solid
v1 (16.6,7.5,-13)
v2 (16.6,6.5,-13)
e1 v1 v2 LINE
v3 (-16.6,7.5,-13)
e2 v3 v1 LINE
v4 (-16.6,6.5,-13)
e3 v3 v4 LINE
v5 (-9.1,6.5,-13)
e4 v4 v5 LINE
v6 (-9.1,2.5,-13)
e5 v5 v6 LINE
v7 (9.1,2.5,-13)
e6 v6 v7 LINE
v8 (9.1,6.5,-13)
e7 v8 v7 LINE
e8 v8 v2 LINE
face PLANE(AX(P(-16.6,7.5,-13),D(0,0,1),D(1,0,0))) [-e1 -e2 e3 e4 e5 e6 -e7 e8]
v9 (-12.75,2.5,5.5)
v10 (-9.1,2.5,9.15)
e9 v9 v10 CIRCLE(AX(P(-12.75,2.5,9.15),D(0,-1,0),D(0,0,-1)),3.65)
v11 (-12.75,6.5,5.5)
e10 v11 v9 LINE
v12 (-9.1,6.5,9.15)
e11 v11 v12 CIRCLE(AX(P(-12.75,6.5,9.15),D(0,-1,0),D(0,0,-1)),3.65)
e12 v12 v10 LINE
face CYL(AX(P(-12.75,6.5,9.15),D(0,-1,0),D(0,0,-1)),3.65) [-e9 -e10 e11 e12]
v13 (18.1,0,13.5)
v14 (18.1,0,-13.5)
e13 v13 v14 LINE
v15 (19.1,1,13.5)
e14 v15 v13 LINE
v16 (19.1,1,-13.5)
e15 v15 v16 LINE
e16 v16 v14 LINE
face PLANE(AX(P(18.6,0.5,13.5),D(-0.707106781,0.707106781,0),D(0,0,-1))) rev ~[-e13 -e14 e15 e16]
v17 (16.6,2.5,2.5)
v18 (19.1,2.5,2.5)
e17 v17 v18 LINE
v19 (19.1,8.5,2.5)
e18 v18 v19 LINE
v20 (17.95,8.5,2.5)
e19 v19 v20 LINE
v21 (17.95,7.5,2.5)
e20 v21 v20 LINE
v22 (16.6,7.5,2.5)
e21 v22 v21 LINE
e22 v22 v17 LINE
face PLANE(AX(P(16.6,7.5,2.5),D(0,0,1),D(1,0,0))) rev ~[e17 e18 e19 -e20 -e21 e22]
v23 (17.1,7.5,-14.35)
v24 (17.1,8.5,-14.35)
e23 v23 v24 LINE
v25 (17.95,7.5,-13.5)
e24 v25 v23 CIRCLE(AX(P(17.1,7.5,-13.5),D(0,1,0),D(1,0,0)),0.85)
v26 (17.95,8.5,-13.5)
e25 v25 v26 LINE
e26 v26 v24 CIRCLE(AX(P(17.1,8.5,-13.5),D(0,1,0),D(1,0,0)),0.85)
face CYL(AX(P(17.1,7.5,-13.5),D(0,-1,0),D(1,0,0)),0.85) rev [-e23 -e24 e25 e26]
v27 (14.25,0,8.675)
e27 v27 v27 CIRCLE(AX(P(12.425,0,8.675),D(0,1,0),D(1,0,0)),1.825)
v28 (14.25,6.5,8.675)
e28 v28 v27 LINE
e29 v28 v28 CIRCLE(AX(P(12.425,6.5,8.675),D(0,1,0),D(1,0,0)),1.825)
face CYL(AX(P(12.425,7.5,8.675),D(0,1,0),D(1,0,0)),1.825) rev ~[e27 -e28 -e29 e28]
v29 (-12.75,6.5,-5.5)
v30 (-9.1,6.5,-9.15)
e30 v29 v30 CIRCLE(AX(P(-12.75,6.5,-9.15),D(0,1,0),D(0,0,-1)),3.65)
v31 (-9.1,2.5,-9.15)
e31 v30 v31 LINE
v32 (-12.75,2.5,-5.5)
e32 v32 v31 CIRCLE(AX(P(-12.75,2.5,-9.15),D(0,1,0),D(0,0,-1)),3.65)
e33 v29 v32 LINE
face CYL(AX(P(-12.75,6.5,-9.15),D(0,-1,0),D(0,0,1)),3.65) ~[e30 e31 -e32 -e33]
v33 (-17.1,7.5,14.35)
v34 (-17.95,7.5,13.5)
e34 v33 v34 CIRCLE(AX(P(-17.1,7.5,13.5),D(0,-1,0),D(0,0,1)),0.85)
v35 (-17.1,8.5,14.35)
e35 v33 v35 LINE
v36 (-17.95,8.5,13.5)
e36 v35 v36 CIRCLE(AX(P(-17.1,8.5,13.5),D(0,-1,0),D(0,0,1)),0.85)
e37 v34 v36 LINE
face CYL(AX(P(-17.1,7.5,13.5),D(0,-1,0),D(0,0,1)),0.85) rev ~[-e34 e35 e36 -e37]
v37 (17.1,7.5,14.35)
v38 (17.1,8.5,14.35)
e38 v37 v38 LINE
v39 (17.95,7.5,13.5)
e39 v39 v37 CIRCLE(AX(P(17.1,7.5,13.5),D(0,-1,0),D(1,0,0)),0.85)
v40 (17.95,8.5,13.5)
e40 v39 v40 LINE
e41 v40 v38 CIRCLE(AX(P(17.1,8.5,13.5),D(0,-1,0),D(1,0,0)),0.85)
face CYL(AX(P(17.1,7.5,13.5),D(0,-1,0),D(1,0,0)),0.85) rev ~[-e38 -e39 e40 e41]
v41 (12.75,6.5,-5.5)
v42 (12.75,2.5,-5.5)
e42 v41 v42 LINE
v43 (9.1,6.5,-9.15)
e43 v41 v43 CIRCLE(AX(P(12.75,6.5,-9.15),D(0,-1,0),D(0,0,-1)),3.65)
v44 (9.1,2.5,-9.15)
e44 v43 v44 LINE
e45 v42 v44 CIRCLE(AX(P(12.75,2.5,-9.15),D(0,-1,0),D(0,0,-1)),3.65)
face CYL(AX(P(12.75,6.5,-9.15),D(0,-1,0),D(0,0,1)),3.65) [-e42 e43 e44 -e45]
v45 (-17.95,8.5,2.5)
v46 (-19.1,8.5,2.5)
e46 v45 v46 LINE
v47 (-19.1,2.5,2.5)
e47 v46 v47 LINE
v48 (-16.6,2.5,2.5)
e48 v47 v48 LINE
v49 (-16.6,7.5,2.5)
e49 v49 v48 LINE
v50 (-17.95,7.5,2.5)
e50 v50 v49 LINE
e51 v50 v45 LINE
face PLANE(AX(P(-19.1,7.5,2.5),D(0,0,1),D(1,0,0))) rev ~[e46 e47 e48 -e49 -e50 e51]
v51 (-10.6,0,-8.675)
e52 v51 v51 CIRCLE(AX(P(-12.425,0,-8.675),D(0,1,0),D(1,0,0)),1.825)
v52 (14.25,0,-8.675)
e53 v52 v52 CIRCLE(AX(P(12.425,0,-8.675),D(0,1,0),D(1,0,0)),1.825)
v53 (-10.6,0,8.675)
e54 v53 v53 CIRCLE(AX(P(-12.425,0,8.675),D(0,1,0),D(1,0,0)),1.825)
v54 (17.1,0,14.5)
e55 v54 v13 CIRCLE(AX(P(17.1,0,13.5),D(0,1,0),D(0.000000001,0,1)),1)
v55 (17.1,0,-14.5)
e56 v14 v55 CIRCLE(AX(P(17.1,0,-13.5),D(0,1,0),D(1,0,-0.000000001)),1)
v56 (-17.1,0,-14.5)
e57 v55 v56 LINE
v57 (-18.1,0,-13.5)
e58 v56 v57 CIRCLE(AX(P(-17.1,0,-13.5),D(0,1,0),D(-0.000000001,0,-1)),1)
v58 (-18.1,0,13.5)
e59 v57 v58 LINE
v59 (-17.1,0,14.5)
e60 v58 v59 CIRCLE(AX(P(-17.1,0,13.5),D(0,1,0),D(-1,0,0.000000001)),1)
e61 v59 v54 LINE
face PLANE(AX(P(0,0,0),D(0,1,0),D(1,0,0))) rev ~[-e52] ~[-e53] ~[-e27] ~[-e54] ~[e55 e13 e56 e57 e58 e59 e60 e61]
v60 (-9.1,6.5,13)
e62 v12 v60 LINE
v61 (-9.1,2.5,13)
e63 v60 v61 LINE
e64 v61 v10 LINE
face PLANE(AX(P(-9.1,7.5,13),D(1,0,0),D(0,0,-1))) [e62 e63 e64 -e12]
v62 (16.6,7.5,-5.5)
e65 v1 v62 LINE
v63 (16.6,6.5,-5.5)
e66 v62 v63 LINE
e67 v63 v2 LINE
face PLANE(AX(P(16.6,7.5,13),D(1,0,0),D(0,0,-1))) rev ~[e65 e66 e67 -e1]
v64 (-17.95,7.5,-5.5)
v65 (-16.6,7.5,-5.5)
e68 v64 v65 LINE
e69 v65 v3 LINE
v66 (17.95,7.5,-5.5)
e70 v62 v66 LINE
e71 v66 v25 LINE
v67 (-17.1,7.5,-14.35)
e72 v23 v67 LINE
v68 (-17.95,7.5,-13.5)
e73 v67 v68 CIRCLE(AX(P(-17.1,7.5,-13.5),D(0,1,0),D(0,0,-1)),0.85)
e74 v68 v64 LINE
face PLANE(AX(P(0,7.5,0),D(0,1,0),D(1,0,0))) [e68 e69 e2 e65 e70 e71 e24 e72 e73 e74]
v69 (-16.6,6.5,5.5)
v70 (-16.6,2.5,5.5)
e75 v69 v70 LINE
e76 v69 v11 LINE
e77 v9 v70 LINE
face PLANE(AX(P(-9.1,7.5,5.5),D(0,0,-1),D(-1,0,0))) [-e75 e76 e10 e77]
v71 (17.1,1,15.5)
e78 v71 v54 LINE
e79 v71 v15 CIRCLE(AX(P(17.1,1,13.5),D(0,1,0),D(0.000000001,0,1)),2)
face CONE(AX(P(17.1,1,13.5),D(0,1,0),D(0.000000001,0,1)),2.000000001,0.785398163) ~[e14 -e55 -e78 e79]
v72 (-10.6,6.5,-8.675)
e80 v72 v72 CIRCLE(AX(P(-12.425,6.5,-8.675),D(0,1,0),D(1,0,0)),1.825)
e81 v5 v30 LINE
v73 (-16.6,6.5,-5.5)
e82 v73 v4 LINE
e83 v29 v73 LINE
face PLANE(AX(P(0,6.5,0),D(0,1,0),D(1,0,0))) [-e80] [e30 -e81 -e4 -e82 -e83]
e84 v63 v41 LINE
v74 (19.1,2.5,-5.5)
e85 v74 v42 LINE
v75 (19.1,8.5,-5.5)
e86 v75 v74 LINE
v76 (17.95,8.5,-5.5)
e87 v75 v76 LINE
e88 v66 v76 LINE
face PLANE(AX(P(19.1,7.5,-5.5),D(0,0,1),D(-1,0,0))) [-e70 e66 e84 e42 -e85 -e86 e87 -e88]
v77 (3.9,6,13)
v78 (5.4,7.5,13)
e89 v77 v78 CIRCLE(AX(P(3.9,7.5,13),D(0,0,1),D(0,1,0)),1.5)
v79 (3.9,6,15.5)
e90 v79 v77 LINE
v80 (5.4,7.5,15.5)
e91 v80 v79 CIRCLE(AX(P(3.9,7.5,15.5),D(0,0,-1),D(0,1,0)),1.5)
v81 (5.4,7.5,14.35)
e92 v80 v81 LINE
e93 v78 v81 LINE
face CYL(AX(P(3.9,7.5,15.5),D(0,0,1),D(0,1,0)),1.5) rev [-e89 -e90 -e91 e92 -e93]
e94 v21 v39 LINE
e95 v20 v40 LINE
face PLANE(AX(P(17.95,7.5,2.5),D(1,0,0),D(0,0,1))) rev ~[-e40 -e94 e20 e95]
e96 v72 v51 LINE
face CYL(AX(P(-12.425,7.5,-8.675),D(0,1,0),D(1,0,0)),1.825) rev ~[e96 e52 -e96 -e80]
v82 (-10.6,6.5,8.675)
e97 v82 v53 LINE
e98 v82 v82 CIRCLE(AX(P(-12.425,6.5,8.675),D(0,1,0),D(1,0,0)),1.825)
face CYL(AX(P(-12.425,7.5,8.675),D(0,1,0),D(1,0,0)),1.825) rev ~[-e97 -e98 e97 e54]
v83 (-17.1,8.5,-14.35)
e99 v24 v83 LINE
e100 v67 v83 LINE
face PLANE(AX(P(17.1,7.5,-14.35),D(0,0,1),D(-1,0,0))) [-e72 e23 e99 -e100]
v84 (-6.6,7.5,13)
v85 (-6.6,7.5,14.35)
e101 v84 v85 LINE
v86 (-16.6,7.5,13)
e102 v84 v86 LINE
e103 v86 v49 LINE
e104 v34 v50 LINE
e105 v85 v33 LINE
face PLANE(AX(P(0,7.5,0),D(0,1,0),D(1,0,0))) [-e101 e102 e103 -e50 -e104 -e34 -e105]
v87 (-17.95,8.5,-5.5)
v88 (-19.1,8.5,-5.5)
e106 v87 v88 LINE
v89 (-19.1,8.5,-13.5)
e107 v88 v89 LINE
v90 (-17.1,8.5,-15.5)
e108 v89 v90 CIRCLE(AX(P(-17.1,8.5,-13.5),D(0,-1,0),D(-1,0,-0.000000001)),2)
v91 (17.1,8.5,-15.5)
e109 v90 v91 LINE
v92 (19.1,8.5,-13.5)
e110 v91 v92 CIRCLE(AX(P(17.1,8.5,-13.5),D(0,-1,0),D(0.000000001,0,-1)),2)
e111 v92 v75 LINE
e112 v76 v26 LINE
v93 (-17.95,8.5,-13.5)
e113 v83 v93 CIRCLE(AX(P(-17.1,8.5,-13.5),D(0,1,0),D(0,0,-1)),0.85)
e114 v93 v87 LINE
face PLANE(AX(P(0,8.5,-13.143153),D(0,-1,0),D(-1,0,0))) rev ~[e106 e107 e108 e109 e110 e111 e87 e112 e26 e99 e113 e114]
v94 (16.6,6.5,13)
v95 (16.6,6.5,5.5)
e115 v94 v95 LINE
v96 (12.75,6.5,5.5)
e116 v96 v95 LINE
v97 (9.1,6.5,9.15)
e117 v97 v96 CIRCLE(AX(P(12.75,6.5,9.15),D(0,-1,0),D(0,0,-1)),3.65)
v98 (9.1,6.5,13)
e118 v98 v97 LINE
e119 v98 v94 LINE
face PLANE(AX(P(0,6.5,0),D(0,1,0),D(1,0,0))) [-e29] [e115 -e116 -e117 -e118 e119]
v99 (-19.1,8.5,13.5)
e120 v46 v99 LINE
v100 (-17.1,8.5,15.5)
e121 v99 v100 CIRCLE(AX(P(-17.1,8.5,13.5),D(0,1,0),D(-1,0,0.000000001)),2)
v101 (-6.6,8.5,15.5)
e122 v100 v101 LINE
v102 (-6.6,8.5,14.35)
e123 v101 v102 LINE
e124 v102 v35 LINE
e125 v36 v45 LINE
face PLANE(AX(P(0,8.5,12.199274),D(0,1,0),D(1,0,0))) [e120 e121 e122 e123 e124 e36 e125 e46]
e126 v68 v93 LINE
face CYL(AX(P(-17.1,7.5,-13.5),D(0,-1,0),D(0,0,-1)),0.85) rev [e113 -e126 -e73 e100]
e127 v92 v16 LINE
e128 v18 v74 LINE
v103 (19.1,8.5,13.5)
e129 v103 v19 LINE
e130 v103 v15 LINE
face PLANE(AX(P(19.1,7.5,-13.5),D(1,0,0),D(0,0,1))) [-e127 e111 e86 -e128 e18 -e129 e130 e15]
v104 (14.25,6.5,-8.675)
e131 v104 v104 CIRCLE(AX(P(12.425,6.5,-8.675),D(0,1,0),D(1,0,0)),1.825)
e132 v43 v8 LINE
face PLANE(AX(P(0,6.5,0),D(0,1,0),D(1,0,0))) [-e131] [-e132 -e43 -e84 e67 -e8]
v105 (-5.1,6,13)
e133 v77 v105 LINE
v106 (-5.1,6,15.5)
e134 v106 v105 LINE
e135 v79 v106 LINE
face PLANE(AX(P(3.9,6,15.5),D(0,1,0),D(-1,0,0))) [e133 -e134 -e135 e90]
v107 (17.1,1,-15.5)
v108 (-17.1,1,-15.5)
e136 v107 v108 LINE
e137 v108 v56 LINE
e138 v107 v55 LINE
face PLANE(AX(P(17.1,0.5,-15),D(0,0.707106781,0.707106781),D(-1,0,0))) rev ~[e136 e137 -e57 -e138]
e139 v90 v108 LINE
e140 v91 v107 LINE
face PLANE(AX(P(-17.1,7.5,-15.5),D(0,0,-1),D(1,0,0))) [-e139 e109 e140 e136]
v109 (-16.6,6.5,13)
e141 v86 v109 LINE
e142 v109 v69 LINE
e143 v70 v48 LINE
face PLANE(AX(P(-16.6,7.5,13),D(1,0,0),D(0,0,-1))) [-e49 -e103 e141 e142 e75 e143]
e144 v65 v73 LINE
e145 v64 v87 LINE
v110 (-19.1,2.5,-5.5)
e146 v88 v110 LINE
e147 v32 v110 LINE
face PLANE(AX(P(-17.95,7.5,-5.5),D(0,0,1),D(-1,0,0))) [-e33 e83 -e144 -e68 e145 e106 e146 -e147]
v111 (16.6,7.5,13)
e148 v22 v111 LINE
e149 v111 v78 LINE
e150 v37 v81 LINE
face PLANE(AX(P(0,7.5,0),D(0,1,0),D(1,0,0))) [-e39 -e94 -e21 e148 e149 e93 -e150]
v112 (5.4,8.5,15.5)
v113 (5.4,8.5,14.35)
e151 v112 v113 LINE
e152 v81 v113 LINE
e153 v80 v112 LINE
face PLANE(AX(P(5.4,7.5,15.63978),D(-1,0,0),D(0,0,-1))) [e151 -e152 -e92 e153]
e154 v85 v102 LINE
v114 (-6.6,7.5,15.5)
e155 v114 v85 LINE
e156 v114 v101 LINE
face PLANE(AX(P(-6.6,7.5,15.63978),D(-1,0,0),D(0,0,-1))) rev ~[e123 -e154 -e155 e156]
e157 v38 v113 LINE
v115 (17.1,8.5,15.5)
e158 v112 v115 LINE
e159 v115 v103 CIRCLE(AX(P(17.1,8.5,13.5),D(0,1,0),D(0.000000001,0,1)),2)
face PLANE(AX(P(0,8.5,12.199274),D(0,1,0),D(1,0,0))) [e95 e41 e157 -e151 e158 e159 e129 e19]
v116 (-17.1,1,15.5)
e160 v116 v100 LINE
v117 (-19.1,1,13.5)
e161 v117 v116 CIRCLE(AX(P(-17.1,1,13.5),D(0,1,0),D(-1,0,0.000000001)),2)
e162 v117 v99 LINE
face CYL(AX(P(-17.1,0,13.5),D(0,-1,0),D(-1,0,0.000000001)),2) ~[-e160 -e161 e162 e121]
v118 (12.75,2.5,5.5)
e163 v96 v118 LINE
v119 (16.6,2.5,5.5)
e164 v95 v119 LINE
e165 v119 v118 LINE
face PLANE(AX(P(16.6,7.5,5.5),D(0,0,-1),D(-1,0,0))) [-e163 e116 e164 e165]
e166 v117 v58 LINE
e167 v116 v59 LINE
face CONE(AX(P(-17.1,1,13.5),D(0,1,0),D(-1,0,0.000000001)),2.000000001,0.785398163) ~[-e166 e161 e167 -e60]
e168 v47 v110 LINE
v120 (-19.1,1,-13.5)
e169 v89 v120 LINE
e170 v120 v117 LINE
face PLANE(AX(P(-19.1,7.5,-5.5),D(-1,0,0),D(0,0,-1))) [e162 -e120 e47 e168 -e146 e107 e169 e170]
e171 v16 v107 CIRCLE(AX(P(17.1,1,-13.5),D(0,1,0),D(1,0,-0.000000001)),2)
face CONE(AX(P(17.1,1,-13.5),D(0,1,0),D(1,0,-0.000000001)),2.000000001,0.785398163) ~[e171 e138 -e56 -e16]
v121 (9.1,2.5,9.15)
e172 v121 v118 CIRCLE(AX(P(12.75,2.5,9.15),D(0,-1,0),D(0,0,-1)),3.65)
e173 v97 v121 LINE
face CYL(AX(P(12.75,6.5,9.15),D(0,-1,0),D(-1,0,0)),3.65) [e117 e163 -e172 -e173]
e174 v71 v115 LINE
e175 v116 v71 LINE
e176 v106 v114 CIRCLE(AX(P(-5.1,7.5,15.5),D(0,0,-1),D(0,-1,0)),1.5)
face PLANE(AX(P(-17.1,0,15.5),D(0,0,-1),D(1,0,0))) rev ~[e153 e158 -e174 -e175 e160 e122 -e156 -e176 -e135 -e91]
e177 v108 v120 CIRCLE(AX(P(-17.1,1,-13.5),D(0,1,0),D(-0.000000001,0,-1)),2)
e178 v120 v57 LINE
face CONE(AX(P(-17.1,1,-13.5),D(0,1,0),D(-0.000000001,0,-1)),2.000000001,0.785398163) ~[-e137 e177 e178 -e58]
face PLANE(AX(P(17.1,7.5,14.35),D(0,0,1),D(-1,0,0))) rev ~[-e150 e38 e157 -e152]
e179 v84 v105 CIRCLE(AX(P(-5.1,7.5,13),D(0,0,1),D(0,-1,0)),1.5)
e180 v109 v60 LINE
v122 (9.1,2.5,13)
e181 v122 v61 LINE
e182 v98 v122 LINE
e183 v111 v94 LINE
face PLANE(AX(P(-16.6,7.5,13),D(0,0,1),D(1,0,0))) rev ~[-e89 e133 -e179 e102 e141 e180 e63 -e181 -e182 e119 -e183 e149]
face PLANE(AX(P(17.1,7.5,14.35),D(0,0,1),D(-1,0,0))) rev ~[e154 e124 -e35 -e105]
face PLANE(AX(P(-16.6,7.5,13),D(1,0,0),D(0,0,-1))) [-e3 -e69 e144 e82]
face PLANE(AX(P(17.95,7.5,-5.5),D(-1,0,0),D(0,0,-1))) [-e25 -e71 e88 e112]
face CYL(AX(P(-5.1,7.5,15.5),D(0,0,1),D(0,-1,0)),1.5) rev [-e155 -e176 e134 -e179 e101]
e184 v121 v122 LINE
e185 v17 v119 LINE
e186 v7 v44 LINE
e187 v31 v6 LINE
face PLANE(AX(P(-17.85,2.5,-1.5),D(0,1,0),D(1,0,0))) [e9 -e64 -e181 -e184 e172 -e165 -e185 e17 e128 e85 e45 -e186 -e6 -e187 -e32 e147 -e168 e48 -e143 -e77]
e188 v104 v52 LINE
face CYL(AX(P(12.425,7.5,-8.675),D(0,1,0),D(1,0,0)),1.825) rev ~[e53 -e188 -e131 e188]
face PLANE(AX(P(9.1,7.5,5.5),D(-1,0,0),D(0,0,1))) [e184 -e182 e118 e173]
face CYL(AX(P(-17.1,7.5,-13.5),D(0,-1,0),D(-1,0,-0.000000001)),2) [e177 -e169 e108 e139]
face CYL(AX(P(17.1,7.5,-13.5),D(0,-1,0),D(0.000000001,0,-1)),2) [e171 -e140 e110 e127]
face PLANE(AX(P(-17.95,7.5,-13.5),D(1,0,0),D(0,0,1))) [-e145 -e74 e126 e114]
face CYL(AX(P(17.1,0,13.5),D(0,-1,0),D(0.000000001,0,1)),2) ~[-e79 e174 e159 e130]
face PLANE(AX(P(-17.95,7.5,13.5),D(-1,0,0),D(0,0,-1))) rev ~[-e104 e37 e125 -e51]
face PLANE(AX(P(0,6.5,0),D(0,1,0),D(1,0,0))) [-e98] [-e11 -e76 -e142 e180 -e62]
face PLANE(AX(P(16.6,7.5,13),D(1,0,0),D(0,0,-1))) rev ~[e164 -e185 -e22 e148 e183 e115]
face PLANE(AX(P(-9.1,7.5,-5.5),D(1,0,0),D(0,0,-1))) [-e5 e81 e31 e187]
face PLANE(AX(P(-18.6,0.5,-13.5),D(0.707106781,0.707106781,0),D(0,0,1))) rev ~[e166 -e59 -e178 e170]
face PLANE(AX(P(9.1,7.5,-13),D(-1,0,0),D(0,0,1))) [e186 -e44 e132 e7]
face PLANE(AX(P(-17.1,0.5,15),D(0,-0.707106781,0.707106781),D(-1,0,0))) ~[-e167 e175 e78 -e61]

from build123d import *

# Parameters (mm, degrees)
BOSS_EXTRUDE1_DEPTH = 7.5
CUT_EXTRUDE3_DEPTH  = 5
SKETCH3_R           = 1.825
CUT_EXTRUDE4_DEPTH  = 13.5
SKETCH4_W           = 33.2
SKETCH4_H           = 26
CUT_EXTRUDE5_DEPTH  = 1
SKETCH5_W           = 2.5
SKETCH5_H           = 8
CUT_EXTRUDE6_DEPTH  = 5
BOSS_EXTRUDE2_DEPTH = 1
CUT_EXTRUDE8_DEPTH  = 10
SKETCH9_W           = 0.917517868
SKETCH9_H           = 1.289779541
SKETCH9_W_2         = 0.704402717
CUT_EXTRUDE9_DEPTH  = 1
CHAMFER1_SIZE       = 1
FILLET1_R           = 3.65


with BuildPart() as part:
    # Sketch1 → Boss-Extrude1 (new body)
    with BuildSketch(Plane(origin=(0, 0, 0), x_dir=(1, 0, 0), z_dir=(0, 1, 0))):
        with BuildLine():
            Line((-17.1, -15.5), (17.1, -15.5))
            ThreePointArc((17.1, -15.5), (18.514213562, -14.914213562), (19.1, -13.5))
            Line((19.1, -13.5), (19.1, 13.5))
            ThreePointArc((19.1, 13.5), (18.514213562, 14.914213562), (17.1, 15.5))
            Line((17.1, 15.5), (-17.1, 15.5))
            ThreePointArc((-17.1, 15.5), (-18.514213562, 14.914213562), (-19.1, 13.5))
            Line((-19.1, 13.5), (-19.1, -13.5))
            ThreePointArc((-19.1, -13.5), (-18.514213562, -14.914213562), (-17.1, -15.5))
        make_face()
    extrude(amount=BOSS_EXTRUDE1_DEPTH)

    # Sketch2 → Cut-Extrude3 (cut)
    with BuildSketch(Plane(origin=(0, 7.5, 0), x_dir=(1, 0, 0), z_dir=(0, 1, 0))):
        Polygon((-16.6, 5.5), (-9.1, 5.5), (-9.1, 13), (9.1, 13), (9.1, 5.5), (16.6, 5.5), (16.6, -5.5), (9.1, -5.5), (9.1, -13), (-9.1, -13), (-9.1, -5.5), (-16.6, -5.5), align=None)
    extrude(amount=-CUT_EXTRUDE3_DEPTH, mode=Mode.SUBTRACT)

    # Sketch3 → Cut-Extrude4 (cut)
    with BuildSketch(Plane(origin=(0, 7.5, 0), x_dir=(1, 0, 0), z_dir=(0, 1, 0))):
        with Locations((-12.425, 8.675)):
            Circle(SKETCH3_R)
        with Locations((12.425, 8.675)):
            Circle(SKETCH3_R)
        with Locations((12.425, -8.675)):
            Circle(SKETCH3_R)
        with Locations((-12.425, -8.675)):
            Circle(SKETCH3_R)
    extrude(amount=-CUT_EXTRUDE4_DEPTH, mode=Mode.SUBTRACT)

    # Sketch4 → Cut-Extrude5 (cut)
    with BuildSketch(Plane(origin=(0, 7.5, 0), x_dir=(1, 0, 0), z_dir=(0, 1, 0))):
        Rectangle(SKETCH4_W, SKETCH4_H)
    extrude(amount=-CUT_EXTRUDE5_DEPTH, mode=Mode.SUBTRACT)

    # Sketch5 → Cut-Extrude6 (cut)
    with BuildSketch(Plane(origin=(0, 7.5, 0), x_dir=(1, 0, 0), z_dir=(0, 1, 0))):
        with Locations((-17.85, 1.5)):
            Rectangle(SKETCH5_W, SKETCH5_H)
        with Locations((17.85, 1.5)):
            Rectangle(SKETCH5_W, SKETCH5_H)
    extrude(amount=-CUT_EXTRUDE6_DEPTH, mode=Mode.SUBTRACT)

    # Sketch6 → Boss-Extrude2 (add)
    with BuildSketch(Plane(origin=(0, 7.5, 0), x_dir=(1, 0, 0), z_dir=(0, 1, 0))):
        with BuildLine():
            Line((-17.95, 5.5), (-19.1, 5.5))
            Line((-19.1, 5.5), (-19.1, 13.5))
            ThreePointArc((-19.1, 13.5), (-18.514213562, 14.914213562), (-17.1, 15.5))
            Line((-17.1, 15.5), (17.1, 15.5))
            ThreePointArc((17.1, 15.5), (18.514213562, 14.914213562), (19.1, 13.5))
            Line((19.1, 13.5), (19.1, 5.5))
            Line((19.1, 5.5), (17.95, 5.5))
            Line((17.95, 5.5), (17.95, 13.5))
            ThreePointArc((17.95, 13.5), (17.701040764, 14.101040764), (17.1, 14.35))
            Line((17.1, 14.35), (-17.1, 14.35))
            ThreePointArc((-17.1, 14.35), (-17.701040764, 14.101040764), (-17.95, 13.5))
            Line((-17.95, 13.5), (-17.95, 5.5))
        make_face()
        with BuildLine():
            Line((-17.95, -2.5), (-19.1, -2.5))
            Line((-19.1, -2.5), (-19.1, -13.5))
            ThreePointArc((-19.1, -13.5), (-18.514213562, -14.914213562), (-17.1, -15.5))
            Line((-17.1, -15.5), (17.1, -15.5))
            ThreePointArc((17.1, -15.5), (18.514213562, -14.914213562), (19.1, -13.5))
            Line((19.1, -13.5), (19.1, -2.5))
            Line((19.1, -2.5), (17.95, -2.5))
            Line((17.95, -2.5), (17.95, -13.5))
            ThreePointArc((17.95, -13.5), (17.701040764, -14.101040764), (17.1, -14.35))
            Line((17.1, -14.35), (-17.1, -14.35))
            ThreePointArc((-17.1, -14.35), (-17.701040764, -14.101040764), (-17.95, -13.5))
            Line((-17.95, -13.5), (-17.95, -2.5))
        make_face()
    extrude(amount=BOSS_EXTRUDE2_DEPTH)

    # Sketch7 → Cut-Extrude8 (cut)
    with BuildSketch(Plane.XY.offset(15.5)):
        with BuildLine():
            Line((-5.1, 9), (3.9, 9))
            ThreePointArc((3.9, 9), (5.4, 7.5), (3.9, 6))
            Line((3.9, 6), (-5.1, 6))
            ThreePointArc((-5.1, 6), (-6.6, 7.5), (-5.1, 9))
        make_face()
    extrude(amount=-CUT_EXTRUDE8_DEPTH, mode=Mode.SUBTRACT)

    # Sketch9 → Cut-Extrude9 (cut)
    with BuildSketch(Plane(origin=(0, 7.5, 0), x_dir=(1, 0, 0), z_dir=(0, 1, 0))):
        with Locations((-6.141241066, -14.994889771)):
            Rectangle(SKETCH9_W, SKETCH9_H)
        with Locations((5.047798642, -14.994889771)):
            Rectangle(SKETCH9_W_2, SKETCH9_H)
    extrude(amount=CUT_EXTRUDE9_DEPTH, mode=Mode.SUBTRACT)

    # Chamfer1
    chamfer1_edges = [part.edges().sort_by_distance(p)[0] for p in [
        (-19.1, 0, 0),
        (-18.514213562, 0, -14.914213562),
        (0, 0, -15.5),
        (18.514213562, 0, -14.914213562),
        (19.1, 0, 0),
        (18.514213562, 0, 14.914213562),
        (0, 0, 15.5),
        (-18.514213562, 0, 14.914213562),
    ]]
    chamfer(chamfer1_edges, length=CHAMFER1_SIZE)

    # Fillet1
    fillet1_edges = [part.edges().sort_by_distance(p)[0] for p in [
        (-9.1, 4.5, 5.5),
        (-9.1, 4.5, -5.5),
        (9.1, 4.5, -5.5),
        (9.1, 4.5, 5.5),
    ]]
    fillet(fillet1_edges, radius=FILLET1_R)


solid = part.part
